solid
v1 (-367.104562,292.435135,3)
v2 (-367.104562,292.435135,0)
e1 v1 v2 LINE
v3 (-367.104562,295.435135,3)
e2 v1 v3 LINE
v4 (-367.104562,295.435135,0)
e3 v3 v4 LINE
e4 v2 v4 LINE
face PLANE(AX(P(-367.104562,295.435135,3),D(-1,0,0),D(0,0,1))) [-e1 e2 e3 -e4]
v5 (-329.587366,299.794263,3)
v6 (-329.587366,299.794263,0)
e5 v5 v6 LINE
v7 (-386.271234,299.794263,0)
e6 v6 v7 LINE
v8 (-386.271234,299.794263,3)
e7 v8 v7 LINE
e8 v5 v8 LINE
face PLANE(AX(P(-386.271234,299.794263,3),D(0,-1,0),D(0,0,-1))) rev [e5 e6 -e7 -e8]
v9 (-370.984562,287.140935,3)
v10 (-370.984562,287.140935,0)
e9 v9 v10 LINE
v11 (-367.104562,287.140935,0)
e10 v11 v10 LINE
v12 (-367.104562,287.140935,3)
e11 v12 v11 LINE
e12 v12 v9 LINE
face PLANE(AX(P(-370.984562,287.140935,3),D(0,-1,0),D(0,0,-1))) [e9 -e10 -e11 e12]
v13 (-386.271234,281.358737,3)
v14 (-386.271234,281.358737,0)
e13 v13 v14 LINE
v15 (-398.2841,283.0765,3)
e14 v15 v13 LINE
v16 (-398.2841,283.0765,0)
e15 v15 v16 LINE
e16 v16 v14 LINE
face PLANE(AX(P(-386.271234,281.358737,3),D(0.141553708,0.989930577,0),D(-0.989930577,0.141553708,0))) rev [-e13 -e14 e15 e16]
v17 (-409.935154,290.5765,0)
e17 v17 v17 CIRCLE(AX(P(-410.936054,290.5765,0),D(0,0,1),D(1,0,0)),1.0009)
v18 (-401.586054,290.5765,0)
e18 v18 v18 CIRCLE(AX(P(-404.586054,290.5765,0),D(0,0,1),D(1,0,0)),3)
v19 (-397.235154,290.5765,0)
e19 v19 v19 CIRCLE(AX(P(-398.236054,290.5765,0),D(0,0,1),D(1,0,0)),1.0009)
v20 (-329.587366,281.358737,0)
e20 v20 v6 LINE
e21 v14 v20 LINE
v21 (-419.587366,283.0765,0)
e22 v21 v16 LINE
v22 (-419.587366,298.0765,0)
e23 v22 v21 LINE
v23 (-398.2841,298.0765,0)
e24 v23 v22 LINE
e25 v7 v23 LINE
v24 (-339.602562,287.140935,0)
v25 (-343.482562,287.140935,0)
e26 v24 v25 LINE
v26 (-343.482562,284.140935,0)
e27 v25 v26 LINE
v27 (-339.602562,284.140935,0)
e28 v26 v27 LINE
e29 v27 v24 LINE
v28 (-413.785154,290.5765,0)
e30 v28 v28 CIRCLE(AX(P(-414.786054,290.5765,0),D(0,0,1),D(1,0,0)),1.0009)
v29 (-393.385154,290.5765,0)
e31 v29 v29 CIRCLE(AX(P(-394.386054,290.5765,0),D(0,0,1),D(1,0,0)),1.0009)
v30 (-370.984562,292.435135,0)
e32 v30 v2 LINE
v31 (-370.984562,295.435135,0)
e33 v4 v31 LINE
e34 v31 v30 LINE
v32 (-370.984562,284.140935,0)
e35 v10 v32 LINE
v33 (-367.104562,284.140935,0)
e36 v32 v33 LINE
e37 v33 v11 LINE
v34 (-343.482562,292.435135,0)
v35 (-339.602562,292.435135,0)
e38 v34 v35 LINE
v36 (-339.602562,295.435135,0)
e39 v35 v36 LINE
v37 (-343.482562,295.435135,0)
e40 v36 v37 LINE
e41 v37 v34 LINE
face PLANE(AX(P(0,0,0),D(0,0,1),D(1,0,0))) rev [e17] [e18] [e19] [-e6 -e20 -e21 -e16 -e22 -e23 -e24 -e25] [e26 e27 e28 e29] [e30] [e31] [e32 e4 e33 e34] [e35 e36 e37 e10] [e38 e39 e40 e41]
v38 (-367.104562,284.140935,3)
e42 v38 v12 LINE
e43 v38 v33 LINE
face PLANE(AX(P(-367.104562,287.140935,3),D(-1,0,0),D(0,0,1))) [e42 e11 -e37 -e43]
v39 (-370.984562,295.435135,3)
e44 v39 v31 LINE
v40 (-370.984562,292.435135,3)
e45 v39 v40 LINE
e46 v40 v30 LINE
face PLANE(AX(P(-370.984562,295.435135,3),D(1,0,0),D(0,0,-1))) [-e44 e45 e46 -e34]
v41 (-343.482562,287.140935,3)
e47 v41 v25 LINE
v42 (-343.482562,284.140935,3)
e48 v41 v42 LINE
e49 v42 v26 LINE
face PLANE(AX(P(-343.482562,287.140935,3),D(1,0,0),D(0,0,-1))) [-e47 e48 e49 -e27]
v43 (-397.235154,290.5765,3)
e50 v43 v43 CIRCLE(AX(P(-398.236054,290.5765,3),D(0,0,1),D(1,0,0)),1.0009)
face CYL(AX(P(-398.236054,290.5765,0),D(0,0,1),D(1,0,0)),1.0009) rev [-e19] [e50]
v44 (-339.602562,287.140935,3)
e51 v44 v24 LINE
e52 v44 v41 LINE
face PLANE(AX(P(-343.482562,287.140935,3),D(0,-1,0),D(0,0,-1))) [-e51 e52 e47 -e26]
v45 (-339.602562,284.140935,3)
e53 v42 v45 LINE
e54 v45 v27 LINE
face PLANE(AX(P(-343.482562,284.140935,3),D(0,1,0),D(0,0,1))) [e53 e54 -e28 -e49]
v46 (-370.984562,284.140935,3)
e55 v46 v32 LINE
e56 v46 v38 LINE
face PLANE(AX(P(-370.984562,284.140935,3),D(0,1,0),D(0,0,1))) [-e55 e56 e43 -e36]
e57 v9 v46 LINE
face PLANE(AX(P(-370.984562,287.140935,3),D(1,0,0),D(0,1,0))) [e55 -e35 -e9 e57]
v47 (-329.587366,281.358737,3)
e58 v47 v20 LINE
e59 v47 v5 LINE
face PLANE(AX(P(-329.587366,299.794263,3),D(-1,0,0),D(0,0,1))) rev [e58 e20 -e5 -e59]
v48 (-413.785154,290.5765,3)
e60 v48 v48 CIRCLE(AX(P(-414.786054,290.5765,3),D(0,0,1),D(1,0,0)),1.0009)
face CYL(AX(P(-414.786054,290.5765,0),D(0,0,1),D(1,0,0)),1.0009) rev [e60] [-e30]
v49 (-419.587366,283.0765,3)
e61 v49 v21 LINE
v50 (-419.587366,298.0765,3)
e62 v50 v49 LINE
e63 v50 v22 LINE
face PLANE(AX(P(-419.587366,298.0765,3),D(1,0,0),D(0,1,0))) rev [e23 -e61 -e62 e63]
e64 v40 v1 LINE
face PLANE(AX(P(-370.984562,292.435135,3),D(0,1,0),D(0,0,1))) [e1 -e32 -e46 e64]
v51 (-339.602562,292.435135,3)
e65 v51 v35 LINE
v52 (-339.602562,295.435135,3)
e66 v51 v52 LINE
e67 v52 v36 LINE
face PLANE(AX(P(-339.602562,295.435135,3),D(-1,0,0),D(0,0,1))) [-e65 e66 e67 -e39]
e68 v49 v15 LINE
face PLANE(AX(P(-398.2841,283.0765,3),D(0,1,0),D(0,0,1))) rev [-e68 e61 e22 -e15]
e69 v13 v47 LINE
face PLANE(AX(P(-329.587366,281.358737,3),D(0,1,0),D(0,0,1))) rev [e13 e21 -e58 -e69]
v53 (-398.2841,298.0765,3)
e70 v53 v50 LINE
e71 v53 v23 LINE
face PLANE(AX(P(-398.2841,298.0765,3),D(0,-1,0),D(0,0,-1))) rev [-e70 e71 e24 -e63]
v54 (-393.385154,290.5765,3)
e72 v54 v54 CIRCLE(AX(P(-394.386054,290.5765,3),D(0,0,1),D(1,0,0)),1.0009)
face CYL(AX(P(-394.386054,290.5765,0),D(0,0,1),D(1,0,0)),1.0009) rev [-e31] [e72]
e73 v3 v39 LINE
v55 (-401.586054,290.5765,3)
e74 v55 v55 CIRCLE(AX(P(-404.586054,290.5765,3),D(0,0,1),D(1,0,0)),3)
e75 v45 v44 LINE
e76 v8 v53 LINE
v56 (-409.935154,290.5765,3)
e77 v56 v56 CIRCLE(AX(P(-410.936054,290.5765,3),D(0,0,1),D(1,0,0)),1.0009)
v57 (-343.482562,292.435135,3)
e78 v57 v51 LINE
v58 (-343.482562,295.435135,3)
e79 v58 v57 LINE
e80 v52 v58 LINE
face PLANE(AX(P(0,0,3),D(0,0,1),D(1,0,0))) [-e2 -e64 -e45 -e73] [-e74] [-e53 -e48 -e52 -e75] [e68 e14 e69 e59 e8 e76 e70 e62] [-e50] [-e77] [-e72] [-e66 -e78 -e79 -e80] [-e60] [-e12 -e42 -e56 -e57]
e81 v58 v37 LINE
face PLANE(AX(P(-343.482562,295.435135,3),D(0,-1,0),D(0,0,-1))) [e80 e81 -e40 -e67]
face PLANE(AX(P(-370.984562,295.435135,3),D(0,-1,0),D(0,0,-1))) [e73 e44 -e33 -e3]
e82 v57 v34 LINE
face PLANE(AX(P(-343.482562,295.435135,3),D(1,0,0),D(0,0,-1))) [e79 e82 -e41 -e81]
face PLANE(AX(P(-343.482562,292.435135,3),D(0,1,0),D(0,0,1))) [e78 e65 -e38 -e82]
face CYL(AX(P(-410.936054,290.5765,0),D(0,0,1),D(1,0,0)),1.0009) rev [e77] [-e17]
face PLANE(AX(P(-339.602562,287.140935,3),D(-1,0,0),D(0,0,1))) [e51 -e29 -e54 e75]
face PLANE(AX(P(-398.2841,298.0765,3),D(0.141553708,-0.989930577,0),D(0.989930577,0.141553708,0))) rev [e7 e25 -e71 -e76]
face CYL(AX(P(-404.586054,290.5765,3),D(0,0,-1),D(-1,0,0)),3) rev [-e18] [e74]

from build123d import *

# Parameters (mm, degrees)
SKETCH1_R           = 3
SKETCH1_W           = 3.88
SKETCH1_H           = 3
BOSS_EXTRUDE1_DEPTH = 3
SKETCH2_R           = 1.0009
CUT_EXTRUDE1_DEPTH  = 516.692890771


with BuildPart() as part:
    # Sketch1 → Boss-Extrude1 (new body)
    with BuildSketch(Plane.XY):
        Polygon((-398.2841, 298.0765), (-386.271234014, 299.794262601), (-329.587365996, 299.794262601), (-329.587365996, 281.358737399), (-386.271234014, 281.358737399), (-398.2841, 283.0765), (-419.587365996, 283.0765), (-419.587365996, 298.0765), align=None)
        with Locations((-404.586054436, 290.5765)):
            Circle(SKETCH1_R, mode=Mode.SUBTRACT)
        with Locations((-369.044562351, 293.935134885)):
            Rectangle(SKETCH1_W, SKETCH1_H, mode=Mode.SUBTRACT)
        with Locations((-369.044562351, 285.640934885)):
            Rectangle(SKETCH1_W, SKETCH1_H, mode=Mode.SUBTRACT)
        with Locations((-341.542562351, 293.935134885)):
            Rectangle(SKETCH1_W, SKETCH1_H, mode=Mode.SUBTRACT)
        with Locations((-341.542562351, 285.640934885)):
            Rectangle(SKETCH1_W, SKETCH1_H, mode=Mode.SUBTRACT)
    extrude(amount=BOSS_EXTRUDE1_DEPTH)

    # Sketch2 → Cut-Extrude1 (cut, through all)
    with BuildSketch(Plane.XY.offset(3)):
        with Locations((-414.786054436, 290.5765)):
            Circle(SKETCH2_R)
        with Locations((-410.936054436, 290.5765)):
            Circle(SKETCH2_R)
        with Locations((-398.236054436, 290.5765)):
            Circle(SKETCH2_R)
        with Locations((-394.386054436, 290.5765)):
            Circle(SKETCH2_R)
    extrude(amount=-CUT_EXTRUDE1_DEPTH, mode=Mode.SUBTRACT)


solid = part.part
